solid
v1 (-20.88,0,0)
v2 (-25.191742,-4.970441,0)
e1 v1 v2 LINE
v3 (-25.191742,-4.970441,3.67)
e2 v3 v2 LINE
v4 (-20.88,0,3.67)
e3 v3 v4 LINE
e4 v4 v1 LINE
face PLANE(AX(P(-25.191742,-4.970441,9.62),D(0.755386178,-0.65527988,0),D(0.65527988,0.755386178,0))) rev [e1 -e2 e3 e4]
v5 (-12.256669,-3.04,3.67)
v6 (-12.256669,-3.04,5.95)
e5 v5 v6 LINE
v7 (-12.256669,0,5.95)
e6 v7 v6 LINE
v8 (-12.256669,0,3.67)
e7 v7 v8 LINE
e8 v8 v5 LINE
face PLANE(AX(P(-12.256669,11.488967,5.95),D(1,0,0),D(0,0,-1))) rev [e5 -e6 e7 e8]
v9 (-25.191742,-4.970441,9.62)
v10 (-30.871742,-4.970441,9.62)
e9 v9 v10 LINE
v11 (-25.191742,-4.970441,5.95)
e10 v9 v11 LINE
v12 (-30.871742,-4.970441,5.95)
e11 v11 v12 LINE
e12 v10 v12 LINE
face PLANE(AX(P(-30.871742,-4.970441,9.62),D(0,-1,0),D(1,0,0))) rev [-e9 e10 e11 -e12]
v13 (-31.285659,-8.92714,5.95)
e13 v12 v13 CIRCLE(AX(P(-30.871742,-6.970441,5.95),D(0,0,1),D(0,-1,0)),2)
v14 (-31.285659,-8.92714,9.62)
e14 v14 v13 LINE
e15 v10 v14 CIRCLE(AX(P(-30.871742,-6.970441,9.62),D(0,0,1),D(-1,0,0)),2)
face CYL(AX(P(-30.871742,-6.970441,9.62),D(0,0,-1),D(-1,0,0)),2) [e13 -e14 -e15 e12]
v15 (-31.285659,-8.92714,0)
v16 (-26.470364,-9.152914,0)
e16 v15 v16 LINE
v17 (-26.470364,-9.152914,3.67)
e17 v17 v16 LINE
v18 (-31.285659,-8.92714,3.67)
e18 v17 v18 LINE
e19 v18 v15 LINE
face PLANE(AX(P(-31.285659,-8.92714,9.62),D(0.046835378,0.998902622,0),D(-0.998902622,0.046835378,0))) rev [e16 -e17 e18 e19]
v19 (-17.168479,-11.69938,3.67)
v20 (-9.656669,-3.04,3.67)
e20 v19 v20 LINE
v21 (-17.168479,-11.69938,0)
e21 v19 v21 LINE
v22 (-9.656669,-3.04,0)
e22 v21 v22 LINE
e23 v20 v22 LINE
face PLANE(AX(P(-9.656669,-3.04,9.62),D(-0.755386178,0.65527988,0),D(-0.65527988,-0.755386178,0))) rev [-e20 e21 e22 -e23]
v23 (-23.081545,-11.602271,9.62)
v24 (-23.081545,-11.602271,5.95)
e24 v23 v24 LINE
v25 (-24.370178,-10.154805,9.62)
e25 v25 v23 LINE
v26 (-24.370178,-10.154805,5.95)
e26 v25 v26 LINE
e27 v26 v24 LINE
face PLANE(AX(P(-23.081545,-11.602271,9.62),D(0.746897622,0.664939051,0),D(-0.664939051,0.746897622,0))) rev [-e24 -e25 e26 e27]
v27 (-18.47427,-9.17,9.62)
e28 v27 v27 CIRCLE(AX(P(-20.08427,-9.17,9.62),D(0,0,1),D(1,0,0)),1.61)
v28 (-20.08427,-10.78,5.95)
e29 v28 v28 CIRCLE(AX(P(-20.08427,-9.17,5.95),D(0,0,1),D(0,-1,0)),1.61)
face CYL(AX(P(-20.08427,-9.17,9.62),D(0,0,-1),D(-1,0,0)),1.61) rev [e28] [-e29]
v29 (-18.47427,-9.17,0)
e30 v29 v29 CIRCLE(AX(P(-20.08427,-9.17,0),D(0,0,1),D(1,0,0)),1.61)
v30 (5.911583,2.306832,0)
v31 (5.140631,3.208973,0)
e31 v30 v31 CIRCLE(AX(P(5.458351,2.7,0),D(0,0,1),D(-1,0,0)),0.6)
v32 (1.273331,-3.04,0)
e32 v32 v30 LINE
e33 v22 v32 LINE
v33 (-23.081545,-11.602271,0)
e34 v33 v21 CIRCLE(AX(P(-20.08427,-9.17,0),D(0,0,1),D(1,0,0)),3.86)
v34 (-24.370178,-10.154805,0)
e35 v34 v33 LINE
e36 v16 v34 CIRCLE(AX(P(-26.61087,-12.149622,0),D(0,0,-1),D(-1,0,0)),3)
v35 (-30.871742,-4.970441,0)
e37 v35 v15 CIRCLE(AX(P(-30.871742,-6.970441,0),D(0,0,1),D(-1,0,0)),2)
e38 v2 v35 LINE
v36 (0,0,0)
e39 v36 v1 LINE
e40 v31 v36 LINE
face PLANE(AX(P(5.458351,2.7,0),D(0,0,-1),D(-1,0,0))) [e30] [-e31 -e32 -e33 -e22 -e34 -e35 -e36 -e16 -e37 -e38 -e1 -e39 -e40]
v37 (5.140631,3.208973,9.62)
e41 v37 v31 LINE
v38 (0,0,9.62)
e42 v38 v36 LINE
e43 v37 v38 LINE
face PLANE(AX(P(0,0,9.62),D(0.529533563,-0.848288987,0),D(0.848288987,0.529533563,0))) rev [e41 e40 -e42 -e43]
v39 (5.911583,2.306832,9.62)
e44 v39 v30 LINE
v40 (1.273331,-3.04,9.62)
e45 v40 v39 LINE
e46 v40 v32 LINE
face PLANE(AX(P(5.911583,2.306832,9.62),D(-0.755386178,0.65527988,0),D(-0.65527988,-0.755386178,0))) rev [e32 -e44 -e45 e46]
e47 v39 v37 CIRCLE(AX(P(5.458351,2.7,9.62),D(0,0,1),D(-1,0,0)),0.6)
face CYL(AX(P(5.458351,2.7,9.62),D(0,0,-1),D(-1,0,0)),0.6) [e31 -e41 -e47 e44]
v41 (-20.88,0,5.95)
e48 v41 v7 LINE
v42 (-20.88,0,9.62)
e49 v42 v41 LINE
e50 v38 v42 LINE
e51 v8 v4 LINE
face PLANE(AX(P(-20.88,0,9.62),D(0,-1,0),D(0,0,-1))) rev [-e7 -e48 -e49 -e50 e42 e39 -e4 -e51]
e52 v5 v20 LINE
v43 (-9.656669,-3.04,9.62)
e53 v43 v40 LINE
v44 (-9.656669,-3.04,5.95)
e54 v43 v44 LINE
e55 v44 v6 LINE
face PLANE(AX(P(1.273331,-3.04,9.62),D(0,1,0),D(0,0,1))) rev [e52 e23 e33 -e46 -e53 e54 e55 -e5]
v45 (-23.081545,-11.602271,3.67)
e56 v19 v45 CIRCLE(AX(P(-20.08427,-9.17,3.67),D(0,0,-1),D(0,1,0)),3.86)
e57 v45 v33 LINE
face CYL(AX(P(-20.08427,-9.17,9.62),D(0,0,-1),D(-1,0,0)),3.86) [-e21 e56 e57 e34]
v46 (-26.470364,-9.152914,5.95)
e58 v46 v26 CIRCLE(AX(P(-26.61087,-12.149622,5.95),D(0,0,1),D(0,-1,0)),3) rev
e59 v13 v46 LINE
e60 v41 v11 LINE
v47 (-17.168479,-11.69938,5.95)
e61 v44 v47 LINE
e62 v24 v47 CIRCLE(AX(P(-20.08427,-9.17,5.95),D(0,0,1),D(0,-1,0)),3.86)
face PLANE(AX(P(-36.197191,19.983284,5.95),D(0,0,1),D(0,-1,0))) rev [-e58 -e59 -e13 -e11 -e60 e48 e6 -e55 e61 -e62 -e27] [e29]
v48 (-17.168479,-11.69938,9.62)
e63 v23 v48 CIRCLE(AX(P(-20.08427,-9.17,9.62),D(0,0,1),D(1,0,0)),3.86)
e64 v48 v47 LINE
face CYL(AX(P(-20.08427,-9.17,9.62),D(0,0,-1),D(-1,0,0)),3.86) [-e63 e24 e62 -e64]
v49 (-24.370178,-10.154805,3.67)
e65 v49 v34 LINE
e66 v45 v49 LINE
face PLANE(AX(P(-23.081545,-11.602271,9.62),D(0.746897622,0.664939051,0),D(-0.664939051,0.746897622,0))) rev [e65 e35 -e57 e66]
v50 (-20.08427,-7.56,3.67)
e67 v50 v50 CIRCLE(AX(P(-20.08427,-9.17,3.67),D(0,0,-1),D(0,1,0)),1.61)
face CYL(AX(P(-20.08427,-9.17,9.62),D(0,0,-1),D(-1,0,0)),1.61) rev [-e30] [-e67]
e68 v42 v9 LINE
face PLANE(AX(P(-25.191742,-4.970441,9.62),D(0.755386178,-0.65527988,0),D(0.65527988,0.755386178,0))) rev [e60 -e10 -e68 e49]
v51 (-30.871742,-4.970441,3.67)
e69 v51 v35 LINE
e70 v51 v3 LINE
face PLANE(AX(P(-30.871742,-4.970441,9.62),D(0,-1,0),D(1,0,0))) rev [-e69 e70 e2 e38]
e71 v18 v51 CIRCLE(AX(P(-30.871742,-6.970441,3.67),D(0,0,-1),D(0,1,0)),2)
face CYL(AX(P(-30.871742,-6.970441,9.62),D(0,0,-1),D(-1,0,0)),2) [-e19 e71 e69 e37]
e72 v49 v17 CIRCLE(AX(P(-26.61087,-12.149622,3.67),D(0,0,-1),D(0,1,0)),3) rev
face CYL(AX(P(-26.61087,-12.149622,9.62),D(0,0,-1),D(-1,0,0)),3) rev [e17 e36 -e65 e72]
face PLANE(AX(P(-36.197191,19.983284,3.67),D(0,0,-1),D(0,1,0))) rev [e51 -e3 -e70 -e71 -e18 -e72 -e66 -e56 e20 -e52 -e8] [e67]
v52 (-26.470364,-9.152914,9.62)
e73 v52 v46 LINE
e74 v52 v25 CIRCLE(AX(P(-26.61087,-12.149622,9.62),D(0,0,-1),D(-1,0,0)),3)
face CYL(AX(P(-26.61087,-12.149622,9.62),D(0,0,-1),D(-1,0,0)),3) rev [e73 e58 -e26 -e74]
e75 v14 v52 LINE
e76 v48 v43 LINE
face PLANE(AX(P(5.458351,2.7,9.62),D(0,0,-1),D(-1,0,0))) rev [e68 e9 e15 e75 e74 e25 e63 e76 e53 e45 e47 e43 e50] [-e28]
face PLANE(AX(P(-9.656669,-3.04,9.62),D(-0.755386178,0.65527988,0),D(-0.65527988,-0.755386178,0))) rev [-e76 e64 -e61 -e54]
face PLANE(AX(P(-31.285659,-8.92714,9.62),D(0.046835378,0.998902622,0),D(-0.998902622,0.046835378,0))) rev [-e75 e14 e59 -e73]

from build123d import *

# Parameters (mm, degrees)
SKETCH1_R           = 1.61
BOSS_EXTRUDE1_DEPTH = 9.62
CUT_EXTRUDE1_REACH  = 23.691
SKETCH2_W           = 2.28
SKETCH2_H           = 19.007620098
SKETCH3_W           = 11.260460121
SKETCH3_H           = 2.28
CUT_EXTRUDE2_DEPTH  = 3.04


with BuildPart() as part:
    # Sketch1 → Boss-Extrude1 (new body)
    with BuildSketch(Plane.XY):
        with BuildLine():
            Line((0, 0), (5.140631262, 3.208973392))
            ThreePointArc((5.140631262, 3.208973392), (5.914482507, 3.089800479), (5.911583106, 2.306832072))
            Line((5.911583106, 2.306832072), (1.273331069, -3.04))
            Line((1.273331069, -3.04), (-9.656668931, -3.04))
            Line((-9.656668931, -3.04), (-17.168479282, -11.699380338))
            ThreePointArc((-17.168479282, -11.699380338), (-20.147653582, -13.029479565), (-23.08154503, -11.60227095))
            Line((-23.08154503, -11.60227095), (-24.370177587, -10.154805065))
            ThreePointArc((-24.370177587, -10.154805065), (-25.319176443, -9.441943032), (-26.47036432, -9.152914355))
            Line((-26.47036432, -9.152914355), (-31.285658795, -8.927140459))
            ThreePointArc((-31.285658795, -8.927140459), (-32.860887009, -6.762353106), (-30.871741613, -4.970441053))
            Line((-30.871741613, -4.970441053), (-25.191741613, -4.970441053))
            Line((-25.191741613, -4.970441053), (-20.88, 0))
            Line((-20.88, 0), (0, 0))
        make_face()
        with Locations((-20.08426993, -9.17)):
            Circle(SKETCH1_R, mode=Mode.SUBTRACT)
    extrude(amount=BOSS_EXTRUDE1_DEPTH)

    # Cut-Extrude1: up to this face of the body (flat: up to its plane)
    cut_extrude1_end = Plane(part.part.faces().sort_by_distance((-4.191668931, -3.04, 4.81))[0])
    # Sketch2 → Cut-Extrude1 (cut, up to the picked face)
    with BuildSketch(Plane(origin=(-4.005407565, 3.474597584, 0), x_dir=(0, 0, -1), z_dir=(0.755386178, -0.65527988, 0)), mode=Mode.PRIVATE) as cut_extrude1_sk1:
        with Locations((-4.81, -18.128004893)):
            Rectangle(SKETCH2_W, SKETCH2_H)
    cut_extrude1_tool1 = split(extrude(cut_extrude1_sk1.sketch, amount=-CUT_EXTRUDE1_REACH, mode=Mode.PRIVATE), bisect_by=cut_extrude1_end, keep=Keep.BOTH, mode=Mode.PRIVATE)
    add(cut_extrude1_tool1.solids().sort_by_distance((-15.884324, -10.219047, 4.81))[0], mode=Mode.SUBTRACT)

    # Sketch3 → Cut-Extrude2 (cut)
    with BuildSketch(Plane.XZ.offset(3.04)):
        with Locations((-17.886898992, 4.81)):
            Rectangle(SKETCH3_W, SKETCH3_H)
    extrude(amount=-CUT_EXTRUDE2_DEPTH, mode=Mode.SUBTRACT)


solid = part.part
